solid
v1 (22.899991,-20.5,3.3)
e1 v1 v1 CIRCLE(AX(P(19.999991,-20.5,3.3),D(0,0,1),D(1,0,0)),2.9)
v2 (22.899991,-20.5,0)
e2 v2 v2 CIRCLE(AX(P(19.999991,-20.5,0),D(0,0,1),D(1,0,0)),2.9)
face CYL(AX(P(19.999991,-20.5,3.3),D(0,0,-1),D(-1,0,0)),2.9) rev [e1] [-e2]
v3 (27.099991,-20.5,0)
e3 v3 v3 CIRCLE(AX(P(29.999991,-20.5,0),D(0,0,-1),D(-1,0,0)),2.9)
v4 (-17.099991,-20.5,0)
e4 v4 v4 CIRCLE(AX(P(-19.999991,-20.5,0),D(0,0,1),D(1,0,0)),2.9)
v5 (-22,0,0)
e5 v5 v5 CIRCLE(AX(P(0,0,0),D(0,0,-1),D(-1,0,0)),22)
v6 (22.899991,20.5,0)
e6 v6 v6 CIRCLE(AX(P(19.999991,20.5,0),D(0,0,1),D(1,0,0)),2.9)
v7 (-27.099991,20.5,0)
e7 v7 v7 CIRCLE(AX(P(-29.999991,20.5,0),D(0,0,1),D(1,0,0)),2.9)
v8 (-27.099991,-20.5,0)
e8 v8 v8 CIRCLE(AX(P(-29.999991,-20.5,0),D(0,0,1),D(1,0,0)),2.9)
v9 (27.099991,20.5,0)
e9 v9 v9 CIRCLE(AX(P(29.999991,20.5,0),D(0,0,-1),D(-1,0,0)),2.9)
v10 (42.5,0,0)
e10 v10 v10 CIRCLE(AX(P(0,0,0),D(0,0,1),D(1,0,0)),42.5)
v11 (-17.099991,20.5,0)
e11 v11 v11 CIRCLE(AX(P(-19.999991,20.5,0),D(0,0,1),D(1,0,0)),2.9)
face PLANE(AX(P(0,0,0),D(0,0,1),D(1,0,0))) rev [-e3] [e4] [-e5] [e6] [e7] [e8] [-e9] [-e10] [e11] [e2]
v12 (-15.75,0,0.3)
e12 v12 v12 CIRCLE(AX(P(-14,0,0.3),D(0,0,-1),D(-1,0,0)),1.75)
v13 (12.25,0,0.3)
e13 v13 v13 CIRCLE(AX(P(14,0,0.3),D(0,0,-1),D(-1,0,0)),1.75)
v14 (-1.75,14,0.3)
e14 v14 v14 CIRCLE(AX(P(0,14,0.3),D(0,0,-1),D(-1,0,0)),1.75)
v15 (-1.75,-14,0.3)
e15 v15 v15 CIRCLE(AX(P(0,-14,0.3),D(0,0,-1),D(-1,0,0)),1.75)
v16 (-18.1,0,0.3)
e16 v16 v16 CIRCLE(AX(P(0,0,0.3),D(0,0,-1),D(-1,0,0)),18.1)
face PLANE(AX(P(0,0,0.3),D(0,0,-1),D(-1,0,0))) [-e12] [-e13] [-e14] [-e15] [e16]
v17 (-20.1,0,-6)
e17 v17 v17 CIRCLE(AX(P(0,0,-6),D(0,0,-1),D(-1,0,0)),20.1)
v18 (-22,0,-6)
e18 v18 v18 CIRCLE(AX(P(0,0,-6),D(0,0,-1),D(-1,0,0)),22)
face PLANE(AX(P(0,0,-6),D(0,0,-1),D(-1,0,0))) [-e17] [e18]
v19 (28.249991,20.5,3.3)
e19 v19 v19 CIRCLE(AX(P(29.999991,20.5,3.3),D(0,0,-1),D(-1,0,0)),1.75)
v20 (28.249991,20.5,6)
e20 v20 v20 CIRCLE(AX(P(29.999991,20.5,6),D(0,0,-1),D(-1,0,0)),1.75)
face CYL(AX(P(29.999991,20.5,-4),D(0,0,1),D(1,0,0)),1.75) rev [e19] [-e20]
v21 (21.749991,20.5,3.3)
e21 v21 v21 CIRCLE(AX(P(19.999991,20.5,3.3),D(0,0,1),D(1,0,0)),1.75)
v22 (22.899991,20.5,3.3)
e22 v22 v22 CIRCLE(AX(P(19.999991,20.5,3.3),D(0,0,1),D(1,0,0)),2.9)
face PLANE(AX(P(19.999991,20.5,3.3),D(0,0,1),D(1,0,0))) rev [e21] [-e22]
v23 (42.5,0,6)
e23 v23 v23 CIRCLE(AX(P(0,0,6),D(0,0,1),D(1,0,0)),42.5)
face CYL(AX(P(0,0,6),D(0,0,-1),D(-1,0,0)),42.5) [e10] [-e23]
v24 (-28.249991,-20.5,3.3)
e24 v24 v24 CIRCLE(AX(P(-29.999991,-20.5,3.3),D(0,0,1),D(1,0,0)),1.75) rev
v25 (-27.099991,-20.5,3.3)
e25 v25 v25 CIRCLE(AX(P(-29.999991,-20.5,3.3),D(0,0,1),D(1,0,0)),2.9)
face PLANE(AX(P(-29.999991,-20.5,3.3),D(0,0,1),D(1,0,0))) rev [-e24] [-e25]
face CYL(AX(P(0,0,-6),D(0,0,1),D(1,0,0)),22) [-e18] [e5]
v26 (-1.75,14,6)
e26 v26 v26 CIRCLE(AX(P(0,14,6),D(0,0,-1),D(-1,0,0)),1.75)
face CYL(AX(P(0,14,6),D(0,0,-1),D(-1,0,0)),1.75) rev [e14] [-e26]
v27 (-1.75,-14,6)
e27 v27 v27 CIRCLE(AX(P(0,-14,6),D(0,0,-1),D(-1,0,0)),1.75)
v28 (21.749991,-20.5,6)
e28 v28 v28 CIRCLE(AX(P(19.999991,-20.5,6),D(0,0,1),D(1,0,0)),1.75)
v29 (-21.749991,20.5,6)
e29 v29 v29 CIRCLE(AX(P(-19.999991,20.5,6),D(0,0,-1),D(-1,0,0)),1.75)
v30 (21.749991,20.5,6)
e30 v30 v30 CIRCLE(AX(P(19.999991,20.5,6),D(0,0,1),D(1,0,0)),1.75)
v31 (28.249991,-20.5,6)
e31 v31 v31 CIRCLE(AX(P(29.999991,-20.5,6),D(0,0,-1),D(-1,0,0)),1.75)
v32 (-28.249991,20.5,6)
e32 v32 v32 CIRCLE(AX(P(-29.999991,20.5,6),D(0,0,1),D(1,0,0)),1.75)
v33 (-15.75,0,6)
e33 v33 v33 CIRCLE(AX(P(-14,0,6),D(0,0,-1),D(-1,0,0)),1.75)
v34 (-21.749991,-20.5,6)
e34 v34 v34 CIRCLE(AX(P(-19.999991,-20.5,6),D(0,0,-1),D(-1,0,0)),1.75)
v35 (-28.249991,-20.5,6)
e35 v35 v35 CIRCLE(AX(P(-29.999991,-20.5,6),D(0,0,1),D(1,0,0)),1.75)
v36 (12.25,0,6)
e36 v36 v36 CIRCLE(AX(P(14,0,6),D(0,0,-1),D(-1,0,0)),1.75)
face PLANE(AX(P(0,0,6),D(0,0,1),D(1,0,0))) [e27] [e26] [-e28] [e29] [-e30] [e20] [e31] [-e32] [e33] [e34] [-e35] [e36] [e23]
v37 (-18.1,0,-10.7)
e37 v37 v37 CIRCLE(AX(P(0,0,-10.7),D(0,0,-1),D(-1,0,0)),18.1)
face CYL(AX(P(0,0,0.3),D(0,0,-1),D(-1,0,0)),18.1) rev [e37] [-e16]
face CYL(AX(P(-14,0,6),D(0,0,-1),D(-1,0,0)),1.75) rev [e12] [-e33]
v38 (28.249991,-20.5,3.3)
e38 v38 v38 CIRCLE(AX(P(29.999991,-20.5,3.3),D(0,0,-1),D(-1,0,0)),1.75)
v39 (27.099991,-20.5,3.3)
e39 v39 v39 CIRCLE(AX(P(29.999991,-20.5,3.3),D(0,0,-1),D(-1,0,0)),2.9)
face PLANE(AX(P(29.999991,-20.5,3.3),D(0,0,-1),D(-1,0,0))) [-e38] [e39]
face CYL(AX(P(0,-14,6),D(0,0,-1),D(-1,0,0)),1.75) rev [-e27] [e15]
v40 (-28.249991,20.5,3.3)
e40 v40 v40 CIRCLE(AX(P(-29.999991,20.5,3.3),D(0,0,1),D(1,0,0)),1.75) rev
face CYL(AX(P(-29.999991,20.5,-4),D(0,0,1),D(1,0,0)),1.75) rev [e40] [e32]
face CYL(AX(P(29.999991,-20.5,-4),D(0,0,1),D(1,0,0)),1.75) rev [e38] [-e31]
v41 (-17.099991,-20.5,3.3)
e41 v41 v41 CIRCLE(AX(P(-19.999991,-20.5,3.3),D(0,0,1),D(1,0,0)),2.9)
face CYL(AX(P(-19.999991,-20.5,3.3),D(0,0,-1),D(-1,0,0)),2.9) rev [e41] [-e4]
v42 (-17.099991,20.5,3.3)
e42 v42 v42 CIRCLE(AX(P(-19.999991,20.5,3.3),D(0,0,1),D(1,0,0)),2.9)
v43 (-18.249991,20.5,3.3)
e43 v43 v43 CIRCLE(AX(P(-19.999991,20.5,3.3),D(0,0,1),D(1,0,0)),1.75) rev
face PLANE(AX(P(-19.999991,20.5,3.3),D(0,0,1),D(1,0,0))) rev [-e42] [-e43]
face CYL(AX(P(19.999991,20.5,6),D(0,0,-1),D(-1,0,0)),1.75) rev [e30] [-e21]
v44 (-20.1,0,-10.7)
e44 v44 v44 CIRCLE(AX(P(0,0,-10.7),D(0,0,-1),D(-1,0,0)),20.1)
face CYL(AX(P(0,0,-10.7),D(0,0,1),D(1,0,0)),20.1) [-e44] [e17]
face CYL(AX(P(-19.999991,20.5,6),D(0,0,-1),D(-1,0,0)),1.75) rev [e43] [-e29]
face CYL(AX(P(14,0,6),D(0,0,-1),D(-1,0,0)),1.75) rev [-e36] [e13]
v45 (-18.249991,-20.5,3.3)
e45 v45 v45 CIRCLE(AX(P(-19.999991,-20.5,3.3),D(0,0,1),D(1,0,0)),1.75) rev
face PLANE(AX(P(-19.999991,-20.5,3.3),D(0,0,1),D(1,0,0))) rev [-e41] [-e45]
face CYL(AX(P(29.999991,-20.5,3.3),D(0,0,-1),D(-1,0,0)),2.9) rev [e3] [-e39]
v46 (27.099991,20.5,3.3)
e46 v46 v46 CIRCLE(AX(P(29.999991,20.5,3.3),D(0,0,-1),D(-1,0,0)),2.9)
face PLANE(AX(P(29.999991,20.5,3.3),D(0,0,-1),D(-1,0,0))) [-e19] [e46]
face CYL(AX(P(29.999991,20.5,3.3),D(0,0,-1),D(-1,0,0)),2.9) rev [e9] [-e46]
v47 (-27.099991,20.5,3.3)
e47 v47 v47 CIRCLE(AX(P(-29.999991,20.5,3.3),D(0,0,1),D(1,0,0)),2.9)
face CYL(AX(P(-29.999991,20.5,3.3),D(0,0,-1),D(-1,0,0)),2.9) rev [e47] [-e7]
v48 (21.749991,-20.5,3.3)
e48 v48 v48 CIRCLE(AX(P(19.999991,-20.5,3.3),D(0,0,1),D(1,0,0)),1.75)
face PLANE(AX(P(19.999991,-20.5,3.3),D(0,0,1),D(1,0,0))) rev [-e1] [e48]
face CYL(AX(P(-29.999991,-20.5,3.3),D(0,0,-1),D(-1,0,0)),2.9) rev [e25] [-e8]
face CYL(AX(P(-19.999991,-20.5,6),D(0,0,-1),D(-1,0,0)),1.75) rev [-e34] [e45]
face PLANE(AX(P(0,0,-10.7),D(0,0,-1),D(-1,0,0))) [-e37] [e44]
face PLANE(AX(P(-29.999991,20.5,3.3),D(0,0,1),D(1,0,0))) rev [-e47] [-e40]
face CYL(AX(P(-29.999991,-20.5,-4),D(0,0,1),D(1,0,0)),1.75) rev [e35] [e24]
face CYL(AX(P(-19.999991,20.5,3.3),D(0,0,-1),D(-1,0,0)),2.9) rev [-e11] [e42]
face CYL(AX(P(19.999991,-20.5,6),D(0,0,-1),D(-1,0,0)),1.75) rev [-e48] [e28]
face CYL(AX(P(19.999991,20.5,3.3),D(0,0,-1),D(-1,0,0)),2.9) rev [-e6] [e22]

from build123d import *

# Parameters (mm, degrees)
SKETCH1_R               = 42.5
BOSS_EXTRUDE1_DEPTH     = 6
SKETCH2_R               = 22
BOSS_EXTRUDE2_DEPTH     = 6
SKETCH3_R               = 20.1
BOSS_EXTRUDE3_DEPTH     = 4.7
SKETCH4_R               = 18.1
CUT_EXTRUDE1_DEPTH      = 11
SKETCH5_R               = 1.75
CUT_EXTRUDE2_DEPTH      = 6.7
SKETCH6_R               = 1.75
CUT_EXTRUDE3_DEPTH      = 12
CUT_EXTRUDE3_DEPTH_BACK = 6.7
SKETCH7_R               = 2.9
CUT_EXTRUDE5_DEPTH      = 3.3
SKETCH8_R               = 1.75
CUT_EXTRUDE6_DEPTH      = 10
SKETCH9_R               = 2.9
CUT_EXTRUDE7_DEPTH      = 3.3


with BuildPart() as part:
    # Sketch1 → Boss-Extrude1 (new body)
    with BuildSketch(Plane.XY):
        Circle(SKETCH1_R)
    extrude(amount=BOSS_EXTRUDE1_DEPTH)

    # Sketch2 → Boss-Extrude2 (add)
    with BuildSketch(Plane(origin=(0, 0, 0), x_dir=(-1, 0, 0), z_dir=(0, 0, -1))):
        Circle(SKETCH2_R)
    extrude(amount=BOSS_EXTRUDE2_DEPTH)

    # Sketch3 → Boss-Extrude3 (add)
    with BuildSketch(Plane(origin=(0, 0, -6), x_dir=(-1, 0, 0), z_dir=(0, 0, -1))):
        Circle(SKETCH3_R)
    extrude(amount=BOSS_EXTRUDE3_DEPTH)

    # Sketch4 → Cut-Extrude1 (cut)
    with BuildSketch(Plane(origin=(0, 0, -10.7), x_dir=(-1, 0, 0), z_dir=(0, 0, -1))):
        Circle(SKETCH4_R)
    extrude(amount=-CUT_EXTRUDE1_DEPTH, mode=Mode.SUBTRACT)

    # Sketch5 → Cut-Extrude2 (cut, through all)
    with BuildSketch(Plane(origin=(0, 0, 0.3), x_dir=(-1, 0, 0), z_dir=(0, 0, -1))):
        with Locations((14, 0)):
            Circle(SKETCH5_R)
        with Locations((0, -14)):
            Circle(SKETCH5_R)
        with Locations((-14, 0)):
            Circle(SKETCH5_R)
        with Locations((0, 14)):
            Circle(SKETCH5_R)
    extrude(amount=-CUT_EXTRUDE2_DEPTH, mode=Mode.SUBTRACT)

    # Sketch6 → Cut-Extrude3 (cut, two sides)
    with BuildSketch(Plane(origin=(0, 0, 0.3), x_dir=(-1, 0, 0), z_dir=(0, 0, -1))) as cut_extrude3_sk:
        with Locations((19.999991423, -20.5)):
            Circle(SKETCH6_R)
        with Locations((-19.999991423, 20.5)):
            Circle(SKETCH6_R)
        with Locations((-19.999991423, -20.5)):
            Circle(SKETCH6_R)
        with Locations((19.999991423, 20.5)):
            Circle(SKETCH6_R)
    extrude(amount=CUT_EXTRUDE3_DEPTH, mode=Mode.SUBTRACT)
    extrude(cut_extrude3_sk.sketch, amount=-CUT_EXTRUDE3_DEPTH_BACK, mode=Mode.SUBTRACT)

    # Sketch7 → Cut-Extrude5 (cut)
    with BuildSketch(Plane.XY):
        with Locations((19.999991423, 20.5)):
            Circle(SKETCH7_R)
        with Locations((-19.999991423, 20.5)):
            Circle(SKETCH7_R)
        with Locations((-19.999991423, -20.5)):
            Circle(SKETCH7_R)
        with Locations((19.999991423, -20.5)):
            Circle(SKETCH7_R)
    extrude(amount=CUT_EXTRUDE5_DEPTH, mode=Mode.SUBTRACT)

    # Sketch8 → Cut-Extrude6 (cut)
    with BuildSketch(Plane.XY.offset(6)):
        with Locations((-29.999991423, -20.5)):
            Circle(SKETCH8_R)
        with Locations((-29.999991423, 20.5)):
            Circle(SKETCH8_R)
        with Locations((29.999991423, 20.5)):
            Circle(SKETCH8_R)
        with Locations((29.999991423, -20.5)):
            Circle(SKETCH8_R)
    extrude(amount=-CUT_EXTRUDE6_DEPTH, mode=Mode.SUBTRACT)

    # Sketch9 → Cut-Extrude7 (cut)
    with BuildSketch(Plane(origin=(0, 0, 0), x_dir=(-1, 0, 0), z_dir=(0, 0, -1))):
        with Locations((-29.999991423, -20.5)):
            Circle(SKETCH9_R)
        with Locations((-29.999991423, 20.5)):
            Circle(SKETCH9_R)
        with Locations((29.999991423, -20.5)):
            Circle(SKETCH9_R)
        with Locations((29.999991423, 20.5)):
            Circle(SKETCH9_R)
    extrude(amount=-CUT_EXTRUDE7_DEPTH, mode=Mode.SUBTRACT)


solid = part.part
